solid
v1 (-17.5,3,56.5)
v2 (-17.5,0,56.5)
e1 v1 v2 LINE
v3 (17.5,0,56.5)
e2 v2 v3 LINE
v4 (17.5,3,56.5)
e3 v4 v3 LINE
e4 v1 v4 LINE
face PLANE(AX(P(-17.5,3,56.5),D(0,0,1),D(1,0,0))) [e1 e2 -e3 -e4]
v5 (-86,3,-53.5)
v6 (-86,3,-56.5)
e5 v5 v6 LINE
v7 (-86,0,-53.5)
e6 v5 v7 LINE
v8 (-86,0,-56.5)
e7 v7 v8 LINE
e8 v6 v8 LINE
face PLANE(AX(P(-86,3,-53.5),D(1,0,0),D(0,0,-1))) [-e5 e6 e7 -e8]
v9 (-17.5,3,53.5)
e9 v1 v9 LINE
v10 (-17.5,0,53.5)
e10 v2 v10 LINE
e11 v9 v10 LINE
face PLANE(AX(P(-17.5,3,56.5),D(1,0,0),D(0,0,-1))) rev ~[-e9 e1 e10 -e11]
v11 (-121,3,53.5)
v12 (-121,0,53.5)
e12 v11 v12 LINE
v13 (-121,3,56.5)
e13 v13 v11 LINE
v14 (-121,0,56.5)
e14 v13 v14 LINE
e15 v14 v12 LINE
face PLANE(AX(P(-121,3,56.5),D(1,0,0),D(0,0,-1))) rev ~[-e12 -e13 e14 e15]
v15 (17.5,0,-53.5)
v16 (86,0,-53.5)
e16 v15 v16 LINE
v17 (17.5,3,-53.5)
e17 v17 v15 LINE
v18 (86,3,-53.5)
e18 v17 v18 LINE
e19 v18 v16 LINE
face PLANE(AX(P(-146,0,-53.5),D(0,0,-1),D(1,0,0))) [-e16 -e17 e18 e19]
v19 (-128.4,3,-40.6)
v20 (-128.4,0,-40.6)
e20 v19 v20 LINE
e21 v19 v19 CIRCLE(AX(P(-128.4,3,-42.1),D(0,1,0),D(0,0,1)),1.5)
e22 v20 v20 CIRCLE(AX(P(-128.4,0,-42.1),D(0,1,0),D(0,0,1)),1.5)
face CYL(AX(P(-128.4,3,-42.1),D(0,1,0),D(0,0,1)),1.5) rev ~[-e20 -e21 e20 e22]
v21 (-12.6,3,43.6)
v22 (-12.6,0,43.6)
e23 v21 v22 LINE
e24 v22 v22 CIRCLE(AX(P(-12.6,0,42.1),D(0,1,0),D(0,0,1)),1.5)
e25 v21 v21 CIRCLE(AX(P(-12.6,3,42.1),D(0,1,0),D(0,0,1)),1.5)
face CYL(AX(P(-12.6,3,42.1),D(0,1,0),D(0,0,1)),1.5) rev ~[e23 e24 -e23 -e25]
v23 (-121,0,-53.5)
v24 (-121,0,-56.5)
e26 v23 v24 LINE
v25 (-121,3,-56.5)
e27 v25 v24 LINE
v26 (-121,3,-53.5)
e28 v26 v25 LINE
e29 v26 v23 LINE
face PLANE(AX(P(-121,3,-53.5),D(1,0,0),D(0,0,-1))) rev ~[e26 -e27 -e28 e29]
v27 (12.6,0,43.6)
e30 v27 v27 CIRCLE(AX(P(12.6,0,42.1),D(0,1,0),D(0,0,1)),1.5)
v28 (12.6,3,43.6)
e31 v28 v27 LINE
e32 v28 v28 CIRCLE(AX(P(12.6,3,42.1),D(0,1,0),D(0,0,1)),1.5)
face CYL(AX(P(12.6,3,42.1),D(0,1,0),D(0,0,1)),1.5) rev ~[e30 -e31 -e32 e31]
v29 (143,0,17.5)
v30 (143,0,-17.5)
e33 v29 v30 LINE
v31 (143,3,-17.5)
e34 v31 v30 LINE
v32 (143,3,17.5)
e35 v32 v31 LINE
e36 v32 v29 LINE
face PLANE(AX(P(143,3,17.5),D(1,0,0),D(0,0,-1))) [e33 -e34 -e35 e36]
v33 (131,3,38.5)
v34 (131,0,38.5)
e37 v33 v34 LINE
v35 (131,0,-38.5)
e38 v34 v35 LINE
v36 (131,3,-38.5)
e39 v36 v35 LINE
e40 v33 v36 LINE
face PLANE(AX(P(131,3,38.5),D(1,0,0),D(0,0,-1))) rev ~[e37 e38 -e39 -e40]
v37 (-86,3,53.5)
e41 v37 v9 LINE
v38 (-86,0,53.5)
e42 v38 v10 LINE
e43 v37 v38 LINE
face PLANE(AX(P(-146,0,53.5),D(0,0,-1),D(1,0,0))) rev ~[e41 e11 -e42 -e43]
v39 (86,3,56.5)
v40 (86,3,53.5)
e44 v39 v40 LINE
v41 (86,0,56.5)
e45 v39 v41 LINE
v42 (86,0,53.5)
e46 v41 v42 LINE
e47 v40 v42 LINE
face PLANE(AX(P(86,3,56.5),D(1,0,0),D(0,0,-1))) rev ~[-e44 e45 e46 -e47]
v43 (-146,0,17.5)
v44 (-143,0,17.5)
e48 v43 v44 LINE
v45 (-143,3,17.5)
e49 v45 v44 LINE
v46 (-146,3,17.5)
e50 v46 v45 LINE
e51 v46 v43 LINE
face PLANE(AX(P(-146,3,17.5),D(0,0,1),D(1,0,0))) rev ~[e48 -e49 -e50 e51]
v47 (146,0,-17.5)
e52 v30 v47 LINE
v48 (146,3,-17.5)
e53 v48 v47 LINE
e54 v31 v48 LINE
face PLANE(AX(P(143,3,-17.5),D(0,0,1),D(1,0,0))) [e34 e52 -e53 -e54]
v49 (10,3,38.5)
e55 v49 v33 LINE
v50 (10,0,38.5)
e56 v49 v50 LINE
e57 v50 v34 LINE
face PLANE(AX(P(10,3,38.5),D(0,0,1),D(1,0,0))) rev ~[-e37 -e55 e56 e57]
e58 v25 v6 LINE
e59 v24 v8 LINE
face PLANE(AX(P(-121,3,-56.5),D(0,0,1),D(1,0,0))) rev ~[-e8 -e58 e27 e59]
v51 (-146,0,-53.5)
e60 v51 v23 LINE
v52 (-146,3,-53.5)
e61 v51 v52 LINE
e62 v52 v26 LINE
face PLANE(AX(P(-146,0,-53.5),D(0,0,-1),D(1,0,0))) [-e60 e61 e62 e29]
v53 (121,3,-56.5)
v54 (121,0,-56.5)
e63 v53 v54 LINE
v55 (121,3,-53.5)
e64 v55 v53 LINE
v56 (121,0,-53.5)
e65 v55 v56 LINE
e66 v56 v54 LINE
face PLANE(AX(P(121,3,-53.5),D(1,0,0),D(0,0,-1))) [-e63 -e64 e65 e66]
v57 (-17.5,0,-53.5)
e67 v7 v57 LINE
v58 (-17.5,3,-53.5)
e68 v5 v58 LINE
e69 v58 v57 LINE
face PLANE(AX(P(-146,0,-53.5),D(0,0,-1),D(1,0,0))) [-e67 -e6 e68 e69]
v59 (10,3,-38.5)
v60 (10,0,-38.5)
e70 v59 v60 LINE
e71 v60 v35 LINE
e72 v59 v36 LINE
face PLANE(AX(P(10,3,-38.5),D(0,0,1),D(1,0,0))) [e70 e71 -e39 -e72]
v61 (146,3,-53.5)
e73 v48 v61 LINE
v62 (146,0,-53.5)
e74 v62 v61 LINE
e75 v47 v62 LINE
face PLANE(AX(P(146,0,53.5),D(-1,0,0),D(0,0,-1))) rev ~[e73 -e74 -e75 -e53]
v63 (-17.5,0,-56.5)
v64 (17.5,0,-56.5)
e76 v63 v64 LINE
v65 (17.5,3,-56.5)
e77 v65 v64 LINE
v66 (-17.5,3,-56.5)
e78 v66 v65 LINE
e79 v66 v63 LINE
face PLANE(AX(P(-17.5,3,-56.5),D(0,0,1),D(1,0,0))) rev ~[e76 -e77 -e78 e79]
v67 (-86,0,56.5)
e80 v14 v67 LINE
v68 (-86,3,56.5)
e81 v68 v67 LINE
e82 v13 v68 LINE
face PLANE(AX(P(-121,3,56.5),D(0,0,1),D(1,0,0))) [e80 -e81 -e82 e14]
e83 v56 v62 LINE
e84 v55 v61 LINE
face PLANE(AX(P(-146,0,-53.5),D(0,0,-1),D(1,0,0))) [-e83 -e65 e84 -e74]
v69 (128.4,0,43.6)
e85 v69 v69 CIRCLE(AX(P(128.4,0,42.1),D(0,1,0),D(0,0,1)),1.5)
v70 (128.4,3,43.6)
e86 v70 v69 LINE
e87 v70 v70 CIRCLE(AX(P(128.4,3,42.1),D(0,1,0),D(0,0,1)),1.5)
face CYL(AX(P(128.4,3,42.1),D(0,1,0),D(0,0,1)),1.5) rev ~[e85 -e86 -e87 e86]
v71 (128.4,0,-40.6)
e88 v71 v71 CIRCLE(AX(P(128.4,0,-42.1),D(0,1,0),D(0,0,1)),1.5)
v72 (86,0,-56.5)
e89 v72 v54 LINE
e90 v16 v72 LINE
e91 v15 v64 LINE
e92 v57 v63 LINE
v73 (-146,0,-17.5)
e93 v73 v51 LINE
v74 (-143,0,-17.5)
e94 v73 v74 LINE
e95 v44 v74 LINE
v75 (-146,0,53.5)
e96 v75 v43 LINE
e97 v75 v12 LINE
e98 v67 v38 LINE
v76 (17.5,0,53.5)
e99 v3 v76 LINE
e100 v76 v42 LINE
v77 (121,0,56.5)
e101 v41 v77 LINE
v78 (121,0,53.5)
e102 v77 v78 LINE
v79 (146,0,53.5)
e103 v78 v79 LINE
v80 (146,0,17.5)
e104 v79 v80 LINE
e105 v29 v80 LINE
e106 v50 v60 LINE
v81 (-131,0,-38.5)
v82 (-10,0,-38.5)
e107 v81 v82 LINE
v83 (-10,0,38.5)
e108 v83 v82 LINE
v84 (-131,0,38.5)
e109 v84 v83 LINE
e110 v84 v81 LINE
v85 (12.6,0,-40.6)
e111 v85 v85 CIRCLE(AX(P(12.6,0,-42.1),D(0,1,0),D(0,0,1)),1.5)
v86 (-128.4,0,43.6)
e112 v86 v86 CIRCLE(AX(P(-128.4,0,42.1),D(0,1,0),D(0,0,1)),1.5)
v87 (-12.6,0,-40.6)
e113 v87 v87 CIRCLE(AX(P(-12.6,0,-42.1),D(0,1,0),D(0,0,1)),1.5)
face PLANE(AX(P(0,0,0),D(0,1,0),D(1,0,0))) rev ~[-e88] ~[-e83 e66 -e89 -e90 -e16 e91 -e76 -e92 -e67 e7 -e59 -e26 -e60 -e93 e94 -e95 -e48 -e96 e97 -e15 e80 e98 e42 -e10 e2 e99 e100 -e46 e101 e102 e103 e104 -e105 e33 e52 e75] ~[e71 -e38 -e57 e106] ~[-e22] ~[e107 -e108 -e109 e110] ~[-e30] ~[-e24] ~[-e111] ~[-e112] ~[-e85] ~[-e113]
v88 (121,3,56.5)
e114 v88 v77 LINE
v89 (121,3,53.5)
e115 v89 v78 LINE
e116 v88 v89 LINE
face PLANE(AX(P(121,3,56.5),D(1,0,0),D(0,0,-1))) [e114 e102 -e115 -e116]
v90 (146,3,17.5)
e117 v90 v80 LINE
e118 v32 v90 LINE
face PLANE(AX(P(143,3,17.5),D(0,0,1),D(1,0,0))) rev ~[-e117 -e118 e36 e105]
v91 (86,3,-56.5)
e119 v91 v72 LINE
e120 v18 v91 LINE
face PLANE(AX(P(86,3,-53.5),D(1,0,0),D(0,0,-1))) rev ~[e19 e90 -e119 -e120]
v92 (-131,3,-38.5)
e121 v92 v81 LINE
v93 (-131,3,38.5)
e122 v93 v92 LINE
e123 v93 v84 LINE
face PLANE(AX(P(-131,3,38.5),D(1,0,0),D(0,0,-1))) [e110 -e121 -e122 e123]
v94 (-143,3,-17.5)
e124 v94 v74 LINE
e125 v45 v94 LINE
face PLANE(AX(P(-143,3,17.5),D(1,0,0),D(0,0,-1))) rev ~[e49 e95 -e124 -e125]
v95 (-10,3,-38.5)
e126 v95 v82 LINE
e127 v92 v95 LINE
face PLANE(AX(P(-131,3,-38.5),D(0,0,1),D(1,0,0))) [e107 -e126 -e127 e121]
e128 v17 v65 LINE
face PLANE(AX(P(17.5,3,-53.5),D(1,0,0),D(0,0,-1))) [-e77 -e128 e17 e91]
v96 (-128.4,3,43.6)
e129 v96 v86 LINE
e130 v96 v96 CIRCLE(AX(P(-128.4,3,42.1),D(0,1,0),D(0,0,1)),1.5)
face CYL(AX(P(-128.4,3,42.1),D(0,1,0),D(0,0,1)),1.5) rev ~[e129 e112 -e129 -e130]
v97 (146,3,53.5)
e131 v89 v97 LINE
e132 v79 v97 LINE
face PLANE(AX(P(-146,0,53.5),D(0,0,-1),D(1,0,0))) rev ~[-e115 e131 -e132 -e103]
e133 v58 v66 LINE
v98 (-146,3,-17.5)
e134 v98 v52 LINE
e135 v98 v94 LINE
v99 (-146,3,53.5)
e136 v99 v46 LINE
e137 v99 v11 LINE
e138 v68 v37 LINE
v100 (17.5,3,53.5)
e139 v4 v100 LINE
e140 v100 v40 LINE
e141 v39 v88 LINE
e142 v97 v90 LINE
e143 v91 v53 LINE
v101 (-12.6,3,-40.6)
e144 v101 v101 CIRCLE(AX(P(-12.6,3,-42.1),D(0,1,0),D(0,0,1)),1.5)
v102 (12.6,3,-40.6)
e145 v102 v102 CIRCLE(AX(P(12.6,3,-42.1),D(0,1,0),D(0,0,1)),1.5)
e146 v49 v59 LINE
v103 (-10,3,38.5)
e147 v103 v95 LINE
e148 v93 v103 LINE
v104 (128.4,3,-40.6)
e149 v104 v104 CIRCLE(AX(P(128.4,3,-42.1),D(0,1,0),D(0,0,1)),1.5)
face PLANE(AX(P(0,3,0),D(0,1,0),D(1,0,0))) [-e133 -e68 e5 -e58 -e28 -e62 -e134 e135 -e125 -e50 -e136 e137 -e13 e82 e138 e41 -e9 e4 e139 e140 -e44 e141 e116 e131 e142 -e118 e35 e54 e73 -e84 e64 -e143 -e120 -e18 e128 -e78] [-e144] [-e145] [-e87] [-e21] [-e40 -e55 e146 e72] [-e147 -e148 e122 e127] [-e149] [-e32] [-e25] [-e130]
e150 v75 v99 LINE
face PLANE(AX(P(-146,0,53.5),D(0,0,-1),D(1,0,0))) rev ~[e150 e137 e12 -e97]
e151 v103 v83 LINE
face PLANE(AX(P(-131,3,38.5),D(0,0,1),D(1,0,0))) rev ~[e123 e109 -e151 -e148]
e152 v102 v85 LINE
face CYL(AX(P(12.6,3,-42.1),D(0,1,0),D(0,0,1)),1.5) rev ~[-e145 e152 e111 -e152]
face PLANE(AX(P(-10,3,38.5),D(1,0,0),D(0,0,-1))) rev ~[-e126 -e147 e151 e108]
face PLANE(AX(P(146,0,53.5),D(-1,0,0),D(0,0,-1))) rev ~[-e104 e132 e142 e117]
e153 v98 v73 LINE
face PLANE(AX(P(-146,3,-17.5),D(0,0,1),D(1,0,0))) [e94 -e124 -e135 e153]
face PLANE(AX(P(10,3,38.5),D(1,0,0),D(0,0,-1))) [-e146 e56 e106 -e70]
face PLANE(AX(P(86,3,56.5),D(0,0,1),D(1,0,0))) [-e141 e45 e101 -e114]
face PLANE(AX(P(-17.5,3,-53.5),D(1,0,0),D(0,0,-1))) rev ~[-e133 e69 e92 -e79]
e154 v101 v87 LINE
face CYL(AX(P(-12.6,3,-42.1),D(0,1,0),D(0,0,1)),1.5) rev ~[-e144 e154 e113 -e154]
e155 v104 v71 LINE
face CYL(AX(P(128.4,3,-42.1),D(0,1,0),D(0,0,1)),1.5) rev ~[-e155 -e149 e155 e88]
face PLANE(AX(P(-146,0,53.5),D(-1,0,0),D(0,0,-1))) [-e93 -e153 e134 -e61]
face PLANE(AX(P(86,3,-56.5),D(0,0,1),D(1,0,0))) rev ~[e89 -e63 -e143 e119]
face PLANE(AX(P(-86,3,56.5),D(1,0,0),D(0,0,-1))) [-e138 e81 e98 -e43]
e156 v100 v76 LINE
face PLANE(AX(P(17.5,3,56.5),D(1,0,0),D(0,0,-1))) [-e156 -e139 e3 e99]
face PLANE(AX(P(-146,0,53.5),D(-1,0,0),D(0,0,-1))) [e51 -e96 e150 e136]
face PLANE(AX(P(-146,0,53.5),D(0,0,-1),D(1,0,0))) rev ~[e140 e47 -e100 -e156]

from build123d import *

# Parameters (mm, degrees)
SKETCH1_W           = 292
SKETCH1_H           = 107
BOSS_EXTRUDE1_DEPTH = 3
SKETCH2_W           = 121
SKETCH2_H           = 77
CUT_EXTRUDE2_DEPTH  = 3
SKETCH3_W           = 121
SKETCH3_H           = 77
CUT_EXTRUDE3_DEPTH  = 3
SKETCH8_W           = 3
SKETCH8_H           = 35
CUT_EXTRUDE7_DEPTH  = 3
SKETCH4_W           = 35
SKETCH4_H           = 3
BOSS_EXTRUDE2_DEPTH = 3
SKETCH7_W           = 35
SKETCH7_H           = 3
BOSS_EXTRUDE3_DEPTH = 3
SKETCH9_R           = 1.5
CUT_EXTRUDE8_DEPTH  = 10


with BuildPart() as part:
    # Sketch1 → Boss-Extrude1 (new body)
    with BuildSketch(Plane(origin=(0, 0, 0), x_dir=(1, 0, 0), z_dir=(0, 1, 0))):
        Rectangle(SKETCH1_W, SKETCH1_H)
    extrude(amount=BOSS_EXTRUDE1_DEPTH)

    # Sketch2 → Cut-Extrude2 (cut)
    with BuildSketch(Plane(origin=(0, 3, 0), x_dir=(1, 0, 0), z_dir=(0, 1, 0))):
        with Locations((-70.5, 0)):
            Rectangle(SKETCH2_W, SKETCH2_H)
    extrude(amount=-CUT_EXTRUDE2_DEPTH, mode=Mode.SUBTRACT)

    # Sketch3 → Cut-Extrude3 (cut)
    with BuildSketch(Plane(origin=(0, 3, 0), x_dir=(1, 0, 0), z_dir=(0, 1, 0))):
        with Locations((70.5, 0)):
            Rectangle(SKETCH3_W, SKETCH3_H)
    extrude(amount=-CUT_EXTRUDE3_DEPTH, mode=Mode.SUBTRACT)

    # Sketch8 → Cut-Extrude7 (cut)
    with BuildSketch(Plane(origin=(0, 3, 0), x_dir=(1, 0, 0), z_dir=(0, 1, 0))):
        with Locations((144.5, 0)):
            Rectangle(SKETCH8_W, SKETCH8_H)
        with Locations((-144.5, 0)):
            Rectangle(SKETCH8_W, SKETCH8_H)
    extrude(amount=-CUT_EXTRUDE7_DEPTH, mode=Mode.SUBTRACT)

    # Sketch4 → Boss-Extrude2 (add)
    with BuildSketch(Plane(origin=(0, 3, 0), x_dir=(1, 0, 0), z_dir=(0, 1, 0))):
        with Locations((-103.5, -55)):
            Rectangle(SKETCH4_W, SKETCH4_H)
        with Locations((-103.5, 55)):
            Rectangle(SKETCH4_W, SKETCH4_H)
        with Locations((103.5, 55)):
            Rectangle(SKETCH4_W, SKETCH4_H)
        with Locations((103.5, -55)):
            Rectangle(SKETCH4_W, SKETCH4_H)
    extrude(amount=-BOSS_EXTRUDE2_DEPTH)

    # Sketch7 → Boss-Extrude3 (add)
    with BuildSketch(Plane(origin=(0, 3, 0), x_dir=(1, 0, 0), z_dir=(0, 1, 0))):
        with Locations((0, -55)):
            Rectangle(SKETCH7_W, SKETCH7_H)
        with Locations((0, 55)):
            Rectangle(SKETCH7_W, SKETCH7_H)
    extrude(amount=-BOSS_EXTRUDE3_DEPTH)

    # Sketch9 → Cut-Extrude8 (cut)
    with BuildSketch(Plane(origin=(0, 3, 0), x_dir=(1, 0, 0), z_dir=(0, 1, 0))):
        with Locations(Location((-128.4, -42.1, 0), (0, 0, 270))):
            Circle(SKETCH9_R)
        with Locations(Location((-12.6, -42.1, 0), (0, 0, 270))):
            Circle(SKETCH9_R)
        with Locations(Location((-12.6, 42.1, 0), (0, 0, 270))):
            Circle(SKETCH9_R)
        with Locations(Location((-128.4, 42.1, 0), (0, 0, 270))):
            Circle(SKETCH9_R)
        with Locations(Location((12.6, -42.1, 0), (0, 0, 270))):
            Circle(SKETCH9_R)
        with Locations(Location((128.4, -42.1, 0), (0, 0, 270))):
            Circle(SKETCH9_R)
        with Locations(Location((128.4, 42.1, 0), (0, 0, 270))):
            Circle(SKETCH9_R)
        with Locations(Location((12.6, 42.1, 0), (0, 0, 270))):
            Circle(SKETCH9_R)
    extrude(amount=-CUT_EXTRUDE8_DEPTH, mode=Mode.SUBTRACT)


solid = part.part
